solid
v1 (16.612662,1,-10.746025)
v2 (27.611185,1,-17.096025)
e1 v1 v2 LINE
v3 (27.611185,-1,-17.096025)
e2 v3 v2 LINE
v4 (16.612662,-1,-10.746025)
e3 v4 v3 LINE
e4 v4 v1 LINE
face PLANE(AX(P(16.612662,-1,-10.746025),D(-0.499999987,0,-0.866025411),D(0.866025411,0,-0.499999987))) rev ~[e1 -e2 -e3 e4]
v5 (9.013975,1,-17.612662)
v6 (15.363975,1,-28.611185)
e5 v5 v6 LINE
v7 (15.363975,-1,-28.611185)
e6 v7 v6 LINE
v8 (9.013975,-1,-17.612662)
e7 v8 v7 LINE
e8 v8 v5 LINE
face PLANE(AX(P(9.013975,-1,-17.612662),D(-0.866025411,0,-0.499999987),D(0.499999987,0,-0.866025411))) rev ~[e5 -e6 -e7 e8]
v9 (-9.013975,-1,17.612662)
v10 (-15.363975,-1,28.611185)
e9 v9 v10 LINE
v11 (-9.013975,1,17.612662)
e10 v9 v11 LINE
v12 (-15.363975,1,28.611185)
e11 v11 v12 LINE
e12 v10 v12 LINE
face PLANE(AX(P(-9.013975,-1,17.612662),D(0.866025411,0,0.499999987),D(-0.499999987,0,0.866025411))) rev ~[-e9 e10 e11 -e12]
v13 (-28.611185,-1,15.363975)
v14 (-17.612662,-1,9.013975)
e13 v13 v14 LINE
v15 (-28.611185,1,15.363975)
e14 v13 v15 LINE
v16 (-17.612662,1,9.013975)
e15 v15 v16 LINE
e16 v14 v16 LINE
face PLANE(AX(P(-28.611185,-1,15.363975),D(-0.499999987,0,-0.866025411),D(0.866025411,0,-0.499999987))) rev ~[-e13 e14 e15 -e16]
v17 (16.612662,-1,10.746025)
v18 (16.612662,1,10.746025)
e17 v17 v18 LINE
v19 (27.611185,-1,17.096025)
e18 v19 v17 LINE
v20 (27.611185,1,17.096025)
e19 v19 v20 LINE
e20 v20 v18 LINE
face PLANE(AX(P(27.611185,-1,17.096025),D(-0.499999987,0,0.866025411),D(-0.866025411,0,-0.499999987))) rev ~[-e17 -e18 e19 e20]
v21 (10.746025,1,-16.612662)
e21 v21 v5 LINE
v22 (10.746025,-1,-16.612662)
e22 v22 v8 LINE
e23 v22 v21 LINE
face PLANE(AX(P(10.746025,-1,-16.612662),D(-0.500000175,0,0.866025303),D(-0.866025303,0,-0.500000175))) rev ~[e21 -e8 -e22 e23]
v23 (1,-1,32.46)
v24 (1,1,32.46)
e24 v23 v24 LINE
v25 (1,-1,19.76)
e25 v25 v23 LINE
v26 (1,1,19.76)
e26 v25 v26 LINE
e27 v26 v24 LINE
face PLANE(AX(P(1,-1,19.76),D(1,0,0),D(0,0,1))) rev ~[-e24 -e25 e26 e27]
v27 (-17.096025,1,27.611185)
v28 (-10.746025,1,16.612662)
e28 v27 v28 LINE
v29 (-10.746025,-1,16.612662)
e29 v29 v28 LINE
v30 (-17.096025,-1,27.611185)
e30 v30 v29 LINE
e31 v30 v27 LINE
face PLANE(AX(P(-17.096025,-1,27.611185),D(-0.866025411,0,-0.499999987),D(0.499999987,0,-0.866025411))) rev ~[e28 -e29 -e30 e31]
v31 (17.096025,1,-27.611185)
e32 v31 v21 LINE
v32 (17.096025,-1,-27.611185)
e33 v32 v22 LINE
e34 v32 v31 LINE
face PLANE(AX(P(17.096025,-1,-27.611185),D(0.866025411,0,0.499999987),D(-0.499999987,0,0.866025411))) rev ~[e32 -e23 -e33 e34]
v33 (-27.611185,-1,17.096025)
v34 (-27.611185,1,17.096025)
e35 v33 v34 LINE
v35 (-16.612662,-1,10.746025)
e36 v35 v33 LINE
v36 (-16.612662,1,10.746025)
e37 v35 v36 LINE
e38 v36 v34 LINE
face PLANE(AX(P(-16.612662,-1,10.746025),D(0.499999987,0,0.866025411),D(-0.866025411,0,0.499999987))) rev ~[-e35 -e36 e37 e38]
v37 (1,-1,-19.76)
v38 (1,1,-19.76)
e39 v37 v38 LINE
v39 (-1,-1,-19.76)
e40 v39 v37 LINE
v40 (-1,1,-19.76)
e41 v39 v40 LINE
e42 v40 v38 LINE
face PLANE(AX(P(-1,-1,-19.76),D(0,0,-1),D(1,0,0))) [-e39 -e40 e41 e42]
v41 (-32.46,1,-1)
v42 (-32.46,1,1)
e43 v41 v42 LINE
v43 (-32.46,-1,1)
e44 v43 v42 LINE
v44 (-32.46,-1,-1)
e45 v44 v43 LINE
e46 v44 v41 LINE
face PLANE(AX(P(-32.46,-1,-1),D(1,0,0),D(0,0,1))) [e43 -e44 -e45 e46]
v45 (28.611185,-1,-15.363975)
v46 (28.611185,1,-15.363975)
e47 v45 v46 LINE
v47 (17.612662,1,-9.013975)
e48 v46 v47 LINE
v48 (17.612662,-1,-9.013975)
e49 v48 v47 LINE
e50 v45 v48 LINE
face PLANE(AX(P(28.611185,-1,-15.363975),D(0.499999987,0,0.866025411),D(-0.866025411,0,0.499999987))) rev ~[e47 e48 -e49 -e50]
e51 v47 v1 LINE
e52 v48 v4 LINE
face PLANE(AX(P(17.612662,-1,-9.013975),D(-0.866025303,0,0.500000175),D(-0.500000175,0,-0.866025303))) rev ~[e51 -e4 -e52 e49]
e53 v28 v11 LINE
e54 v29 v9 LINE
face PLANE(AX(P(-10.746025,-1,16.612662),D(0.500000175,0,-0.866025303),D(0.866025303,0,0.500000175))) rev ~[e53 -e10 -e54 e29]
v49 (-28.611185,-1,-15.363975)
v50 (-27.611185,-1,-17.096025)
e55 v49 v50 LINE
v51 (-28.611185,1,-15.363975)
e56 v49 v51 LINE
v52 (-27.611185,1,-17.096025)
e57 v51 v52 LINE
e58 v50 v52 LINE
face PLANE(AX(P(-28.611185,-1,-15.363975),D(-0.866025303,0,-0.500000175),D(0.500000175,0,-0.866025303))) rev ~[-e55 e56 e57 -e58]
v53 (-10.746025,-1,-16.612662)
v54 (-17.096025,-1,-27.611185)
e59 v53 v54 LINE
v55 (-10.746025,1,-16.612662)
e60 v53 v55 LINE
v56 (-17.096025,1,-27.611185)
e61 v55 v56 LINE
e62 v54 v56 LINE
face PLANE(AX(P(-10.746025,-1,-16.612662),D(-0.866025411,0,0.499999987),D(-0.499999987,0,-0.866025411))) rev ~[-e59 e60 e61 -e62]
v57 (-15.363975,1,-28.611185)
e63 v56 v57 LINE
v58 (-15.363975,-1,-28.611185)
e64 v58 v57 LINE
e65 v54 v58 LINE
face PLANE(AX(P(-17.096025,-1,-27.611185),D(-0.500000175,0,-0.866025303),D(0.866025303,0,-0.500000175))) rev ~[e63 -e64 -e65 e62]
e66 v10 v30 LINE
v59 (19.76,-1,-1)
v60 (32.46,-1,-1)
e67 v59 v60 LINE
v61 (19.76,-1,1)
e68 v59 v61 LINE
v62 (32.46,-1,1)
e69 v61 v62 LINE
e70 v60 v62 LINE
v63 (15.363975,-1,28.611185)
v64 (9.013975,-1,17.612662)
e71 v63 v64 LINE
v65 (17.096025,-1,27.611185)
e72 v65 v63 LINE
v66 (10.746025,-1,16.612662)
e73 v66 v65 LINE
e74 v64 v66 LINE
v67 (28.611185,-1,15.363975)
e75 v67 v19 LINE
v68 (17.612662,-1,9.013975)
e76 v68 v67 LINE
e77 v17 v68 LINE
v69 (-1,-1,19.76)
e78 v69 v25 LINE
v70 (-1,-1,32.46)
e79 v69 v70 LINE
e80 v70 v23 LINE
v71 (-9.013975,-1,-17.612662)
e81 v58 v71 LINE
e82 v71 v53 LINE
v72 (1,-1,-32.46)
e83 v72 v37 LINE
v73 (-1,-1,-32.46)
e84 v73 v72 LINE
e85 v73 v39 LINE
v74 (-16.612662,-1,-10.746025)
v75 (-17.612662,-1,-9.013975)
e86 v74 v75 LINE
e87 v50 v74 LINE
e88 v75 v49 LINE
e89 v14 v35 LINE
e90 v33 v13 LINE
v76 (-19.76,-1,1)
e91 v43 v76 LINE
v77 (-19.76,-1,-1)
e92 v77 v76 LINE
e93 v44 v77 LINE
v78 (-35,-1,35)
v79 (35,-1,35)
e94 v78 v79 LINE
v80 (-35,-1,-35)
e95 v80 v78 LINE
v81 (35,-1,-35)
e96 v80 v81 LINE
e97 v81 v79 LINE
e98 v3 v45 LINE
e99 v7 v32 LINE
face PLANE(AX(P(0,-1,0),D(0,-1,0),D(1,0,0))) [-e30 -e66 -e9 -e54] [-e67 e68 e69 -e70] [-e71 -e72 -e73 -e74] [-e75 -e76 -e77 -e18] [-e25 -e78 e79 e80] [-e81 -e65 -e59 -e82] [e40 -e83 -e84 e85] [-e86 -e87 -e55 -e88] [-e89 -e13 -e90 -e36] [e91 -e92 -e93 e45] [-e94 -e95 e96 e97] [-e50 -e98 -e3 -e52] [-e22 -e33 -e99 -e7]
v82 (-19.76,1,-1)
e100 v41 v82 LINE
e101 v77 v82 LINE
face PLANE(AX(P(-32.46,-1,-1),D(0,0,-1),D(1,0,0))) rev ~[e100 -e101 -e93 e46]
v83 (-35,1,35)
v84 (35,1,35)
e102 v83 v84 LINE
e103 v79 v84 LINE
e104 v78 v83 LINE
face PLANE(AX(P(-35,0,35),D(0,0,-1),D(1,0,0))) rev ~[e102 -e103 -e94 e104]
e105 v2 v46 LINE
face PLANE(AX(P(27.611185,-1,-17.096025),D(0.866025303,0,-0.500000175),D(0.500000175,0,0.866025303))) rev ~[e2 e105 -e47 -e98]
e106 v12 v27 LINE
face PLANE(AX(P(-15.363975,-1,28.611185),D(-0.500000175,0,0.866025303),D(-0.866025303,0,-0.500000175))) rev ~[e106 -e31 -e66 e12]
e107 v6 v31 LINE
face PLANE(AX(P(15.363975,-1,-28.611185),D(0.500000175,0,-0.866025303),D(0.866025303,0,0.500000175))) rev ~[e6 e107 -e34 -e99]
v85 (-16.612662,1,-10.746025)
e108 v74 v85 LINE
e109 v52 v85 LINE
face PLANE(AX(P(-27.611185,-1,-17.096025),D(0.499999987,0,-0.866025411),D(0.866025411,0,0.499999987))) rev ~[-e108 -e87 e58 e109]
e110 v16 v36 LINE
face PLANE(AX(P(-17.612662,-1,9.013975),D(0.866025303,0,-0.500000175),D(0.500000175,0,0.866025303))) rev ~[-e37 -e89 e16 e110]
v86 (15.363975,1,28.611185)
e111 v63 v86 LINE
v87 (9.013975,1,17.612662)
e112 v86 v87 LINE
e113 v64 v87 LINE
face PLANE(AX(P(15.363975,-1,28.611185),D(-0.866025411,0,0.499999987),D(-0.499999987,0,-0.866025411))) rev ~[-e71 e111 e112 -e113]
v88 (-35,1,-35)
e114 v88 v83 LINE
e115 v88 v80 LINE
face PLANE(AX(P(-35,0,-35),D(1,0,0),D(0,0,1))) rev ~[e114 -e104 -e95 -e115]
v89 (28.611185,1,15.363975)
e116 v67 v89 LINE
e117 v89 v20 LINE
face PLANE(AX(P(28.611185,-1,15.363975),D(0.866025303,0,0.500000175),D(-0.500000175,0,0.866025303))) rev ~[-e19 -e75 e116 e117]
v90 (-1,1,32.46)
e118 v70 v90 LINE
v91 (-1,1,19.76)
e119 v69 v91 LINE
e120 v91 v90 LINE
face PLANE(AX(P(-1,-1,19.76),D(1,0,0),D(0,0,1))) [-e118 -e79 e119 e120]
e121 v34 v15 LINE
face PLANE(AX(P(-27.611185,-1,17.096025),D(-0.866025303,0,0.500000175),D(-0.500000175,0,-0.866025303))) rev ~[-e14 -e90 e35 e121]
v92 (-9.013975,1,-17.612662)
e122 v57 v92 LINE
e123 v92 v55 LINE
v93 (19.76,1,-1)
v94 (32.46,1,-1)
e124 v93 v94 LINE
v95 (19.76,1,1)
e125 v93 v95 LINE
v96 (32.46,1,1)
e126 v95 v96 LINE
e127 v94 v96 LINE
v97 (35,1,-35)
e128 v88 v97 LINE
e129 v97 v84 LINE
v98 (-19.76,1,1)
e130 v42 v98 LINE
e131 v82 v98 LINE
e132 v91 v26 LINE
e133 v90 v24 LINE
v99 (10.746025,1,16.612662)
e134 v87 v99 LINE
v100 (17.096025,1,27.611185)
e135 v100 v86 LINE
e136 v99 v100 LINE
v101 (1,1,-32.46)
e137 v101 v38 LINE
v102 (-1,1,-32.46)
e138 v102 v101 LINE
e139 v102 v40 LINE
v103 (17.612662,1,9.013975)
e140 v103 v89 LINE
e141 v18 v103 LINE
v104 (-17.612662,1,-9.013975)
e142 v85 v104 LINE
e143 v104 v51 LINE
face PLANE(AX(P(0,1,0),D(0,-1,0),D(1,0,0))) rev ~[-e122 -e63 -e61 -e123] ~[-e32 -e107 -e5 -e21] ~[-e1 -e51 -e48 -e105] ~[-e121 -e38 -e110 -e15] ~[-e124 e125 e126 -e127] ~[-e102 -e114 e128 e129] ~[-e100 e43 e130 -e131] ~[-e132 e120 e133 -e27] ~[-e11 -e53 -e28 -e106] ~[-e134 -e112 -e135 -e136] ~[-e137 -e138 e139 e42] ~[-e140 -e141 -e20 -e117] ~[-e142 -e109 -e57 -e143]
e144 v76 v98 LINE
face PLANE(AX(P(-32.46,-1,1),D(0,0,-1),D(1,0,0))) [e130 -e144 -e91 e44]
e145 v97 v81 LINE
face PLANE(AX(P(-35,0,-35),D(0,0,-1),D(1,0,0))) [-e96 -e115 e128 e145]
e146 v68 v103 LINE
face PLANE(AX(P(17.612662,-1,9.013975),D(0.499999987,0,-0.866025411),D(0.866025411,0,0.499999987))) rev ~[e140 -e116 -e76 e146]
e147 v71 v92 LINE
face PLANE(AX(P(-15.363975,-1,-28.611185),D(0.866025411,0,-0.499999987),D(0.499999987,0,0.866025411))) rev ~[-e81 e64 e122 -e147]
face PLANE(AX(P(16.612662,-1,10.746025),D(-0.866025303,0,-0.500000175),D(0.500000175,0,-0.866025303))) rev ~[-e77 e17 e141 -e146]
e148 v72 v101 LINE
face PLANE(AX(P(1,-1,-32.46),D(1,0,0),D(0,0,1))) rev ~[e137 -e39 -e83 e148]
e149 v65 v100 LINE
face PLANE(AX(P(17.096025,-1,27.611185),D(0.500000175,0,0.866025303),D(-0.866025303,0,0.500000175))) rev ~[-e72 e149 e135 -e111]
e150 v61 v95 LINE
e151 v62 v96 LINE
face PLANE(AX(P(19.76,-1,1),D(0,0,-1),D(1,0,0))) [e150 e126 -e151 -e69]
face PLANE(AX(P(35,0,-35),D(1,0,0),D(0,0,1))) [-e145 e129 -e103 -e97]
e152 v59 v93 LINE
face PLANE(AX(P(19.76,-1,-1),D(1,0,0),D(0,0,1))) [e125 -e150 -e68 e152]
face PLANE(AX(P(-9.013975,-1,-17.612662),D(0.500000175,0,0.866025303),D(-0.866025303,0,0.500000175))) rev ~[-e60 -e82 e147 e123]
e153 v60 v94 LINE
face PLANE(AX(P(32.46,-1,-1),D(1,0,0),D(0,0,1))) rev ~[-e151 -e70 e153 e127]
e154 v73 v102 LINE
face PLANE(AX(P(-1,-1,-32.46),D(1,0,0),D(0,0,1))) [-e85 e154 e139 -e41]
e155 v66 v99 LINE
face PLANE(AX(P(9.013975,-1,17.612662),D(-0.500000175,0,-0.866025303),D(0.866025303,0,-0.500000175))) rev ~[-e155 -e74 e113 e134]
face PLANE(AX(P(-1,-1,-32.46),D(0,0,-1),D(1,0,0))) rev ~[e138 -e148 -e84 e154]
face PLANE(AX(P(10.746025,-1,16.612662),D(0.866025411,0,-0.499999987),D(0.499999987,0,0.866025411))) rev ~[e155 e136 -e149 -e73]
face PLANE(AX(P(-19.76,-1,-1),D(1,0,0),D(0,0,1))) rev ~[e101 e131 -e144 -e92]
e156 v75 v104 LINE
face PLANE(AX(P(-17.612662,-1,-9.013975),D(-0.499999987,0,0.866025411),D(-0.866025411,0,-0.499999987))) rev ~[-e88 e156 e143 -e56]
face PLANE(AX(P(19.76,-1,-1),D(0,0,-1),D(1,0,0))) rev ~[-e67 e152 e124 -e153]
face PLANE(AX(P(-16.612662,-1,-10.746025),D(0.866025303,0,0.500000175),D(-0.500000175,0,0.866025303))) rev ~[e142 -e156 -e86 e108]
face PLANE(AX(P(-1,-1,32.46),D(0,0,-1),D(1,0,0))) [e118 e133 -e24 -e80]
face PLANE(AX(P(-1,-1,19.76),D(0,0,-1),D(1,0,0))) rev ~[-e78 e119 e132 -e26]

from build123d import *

# Parameters (mm, degrees)
F0_W     = 70
F0_H     = 70
F1_DEPTH = 1
F2_W     = 2
F2_H     = 12.7
F2_W_2   = 12.7
F2_H_2   = 2
F3_DEPTH = 2.001


with BuildPart() as f1:
    # F0 (on Front) → F1 (new body, symmetric)
    with BuildSketch(Plane.XZ):
        Rectangle(F0_W, F0_H)
    extrude(amount=F1_DEPTH, both=True)

    # F2 (on face) → F3 (cut, through all)
    with BuildSketch(Plane.XZ.offset(1)):
        with Locations((0, 26.11)):
            Rectangle(F2_W, F2_H)
        Polygon((-9.013975, 17.612662), (-15.363975, 28.611185), (-17.096025, 27.611185), (-10.746025, 16.612662), align=None)
        Polygon((-16.612662, 10.746025), (-27.611185, 17.096025), (-28.611185, 15.363975), (-17.612662, 9.013975), align=None)
        with Locations((-26.11, 0)):
            Rectangle(F2_W_2, F2_H_2)
        Polygon((-17.612662, -9.013975), (-28.611185, -15.363975), (-27.611185, -17.096025), (-16.612662, -10.746025), align=None)
        Polygon((-10.746025, -16.612662), (-17.096025, -27.611185), (-15.363975, -28.611185), (-9.013975, -17.612662), align=None)
        with Locations((0, -26.11)):
            Rectangle(F2_W, F2_H)
        Polygon((9.013975, -17.612662), (15.363975, -28.611185), (17.096025, -27.611185), (10.746025, -16.612662), align=None)
        Polygon((16.612662, -10.746025), (27.611185, -17.096025), (28.611185, -15.363975), (17.612662, -9.013975), align=None)
        with Locations((26.11, 0)):
            Rectangle(F2_W_2, F2_H_2)
        Polygon((17.612662, 9.013975), (28.611185, 15.363975), (27.611185, 17.096025), (16.612662, 10.746025), align=None)
        Polygon((10.746025, 16.612662), (17.096025, 27.611185), (15.363975, 28.611185), (9.013975, 17.612662), align=None)
    extrude(amount=-F3_DEPTH, mode=Mode.SUBTRACT)


solid = f1.part
